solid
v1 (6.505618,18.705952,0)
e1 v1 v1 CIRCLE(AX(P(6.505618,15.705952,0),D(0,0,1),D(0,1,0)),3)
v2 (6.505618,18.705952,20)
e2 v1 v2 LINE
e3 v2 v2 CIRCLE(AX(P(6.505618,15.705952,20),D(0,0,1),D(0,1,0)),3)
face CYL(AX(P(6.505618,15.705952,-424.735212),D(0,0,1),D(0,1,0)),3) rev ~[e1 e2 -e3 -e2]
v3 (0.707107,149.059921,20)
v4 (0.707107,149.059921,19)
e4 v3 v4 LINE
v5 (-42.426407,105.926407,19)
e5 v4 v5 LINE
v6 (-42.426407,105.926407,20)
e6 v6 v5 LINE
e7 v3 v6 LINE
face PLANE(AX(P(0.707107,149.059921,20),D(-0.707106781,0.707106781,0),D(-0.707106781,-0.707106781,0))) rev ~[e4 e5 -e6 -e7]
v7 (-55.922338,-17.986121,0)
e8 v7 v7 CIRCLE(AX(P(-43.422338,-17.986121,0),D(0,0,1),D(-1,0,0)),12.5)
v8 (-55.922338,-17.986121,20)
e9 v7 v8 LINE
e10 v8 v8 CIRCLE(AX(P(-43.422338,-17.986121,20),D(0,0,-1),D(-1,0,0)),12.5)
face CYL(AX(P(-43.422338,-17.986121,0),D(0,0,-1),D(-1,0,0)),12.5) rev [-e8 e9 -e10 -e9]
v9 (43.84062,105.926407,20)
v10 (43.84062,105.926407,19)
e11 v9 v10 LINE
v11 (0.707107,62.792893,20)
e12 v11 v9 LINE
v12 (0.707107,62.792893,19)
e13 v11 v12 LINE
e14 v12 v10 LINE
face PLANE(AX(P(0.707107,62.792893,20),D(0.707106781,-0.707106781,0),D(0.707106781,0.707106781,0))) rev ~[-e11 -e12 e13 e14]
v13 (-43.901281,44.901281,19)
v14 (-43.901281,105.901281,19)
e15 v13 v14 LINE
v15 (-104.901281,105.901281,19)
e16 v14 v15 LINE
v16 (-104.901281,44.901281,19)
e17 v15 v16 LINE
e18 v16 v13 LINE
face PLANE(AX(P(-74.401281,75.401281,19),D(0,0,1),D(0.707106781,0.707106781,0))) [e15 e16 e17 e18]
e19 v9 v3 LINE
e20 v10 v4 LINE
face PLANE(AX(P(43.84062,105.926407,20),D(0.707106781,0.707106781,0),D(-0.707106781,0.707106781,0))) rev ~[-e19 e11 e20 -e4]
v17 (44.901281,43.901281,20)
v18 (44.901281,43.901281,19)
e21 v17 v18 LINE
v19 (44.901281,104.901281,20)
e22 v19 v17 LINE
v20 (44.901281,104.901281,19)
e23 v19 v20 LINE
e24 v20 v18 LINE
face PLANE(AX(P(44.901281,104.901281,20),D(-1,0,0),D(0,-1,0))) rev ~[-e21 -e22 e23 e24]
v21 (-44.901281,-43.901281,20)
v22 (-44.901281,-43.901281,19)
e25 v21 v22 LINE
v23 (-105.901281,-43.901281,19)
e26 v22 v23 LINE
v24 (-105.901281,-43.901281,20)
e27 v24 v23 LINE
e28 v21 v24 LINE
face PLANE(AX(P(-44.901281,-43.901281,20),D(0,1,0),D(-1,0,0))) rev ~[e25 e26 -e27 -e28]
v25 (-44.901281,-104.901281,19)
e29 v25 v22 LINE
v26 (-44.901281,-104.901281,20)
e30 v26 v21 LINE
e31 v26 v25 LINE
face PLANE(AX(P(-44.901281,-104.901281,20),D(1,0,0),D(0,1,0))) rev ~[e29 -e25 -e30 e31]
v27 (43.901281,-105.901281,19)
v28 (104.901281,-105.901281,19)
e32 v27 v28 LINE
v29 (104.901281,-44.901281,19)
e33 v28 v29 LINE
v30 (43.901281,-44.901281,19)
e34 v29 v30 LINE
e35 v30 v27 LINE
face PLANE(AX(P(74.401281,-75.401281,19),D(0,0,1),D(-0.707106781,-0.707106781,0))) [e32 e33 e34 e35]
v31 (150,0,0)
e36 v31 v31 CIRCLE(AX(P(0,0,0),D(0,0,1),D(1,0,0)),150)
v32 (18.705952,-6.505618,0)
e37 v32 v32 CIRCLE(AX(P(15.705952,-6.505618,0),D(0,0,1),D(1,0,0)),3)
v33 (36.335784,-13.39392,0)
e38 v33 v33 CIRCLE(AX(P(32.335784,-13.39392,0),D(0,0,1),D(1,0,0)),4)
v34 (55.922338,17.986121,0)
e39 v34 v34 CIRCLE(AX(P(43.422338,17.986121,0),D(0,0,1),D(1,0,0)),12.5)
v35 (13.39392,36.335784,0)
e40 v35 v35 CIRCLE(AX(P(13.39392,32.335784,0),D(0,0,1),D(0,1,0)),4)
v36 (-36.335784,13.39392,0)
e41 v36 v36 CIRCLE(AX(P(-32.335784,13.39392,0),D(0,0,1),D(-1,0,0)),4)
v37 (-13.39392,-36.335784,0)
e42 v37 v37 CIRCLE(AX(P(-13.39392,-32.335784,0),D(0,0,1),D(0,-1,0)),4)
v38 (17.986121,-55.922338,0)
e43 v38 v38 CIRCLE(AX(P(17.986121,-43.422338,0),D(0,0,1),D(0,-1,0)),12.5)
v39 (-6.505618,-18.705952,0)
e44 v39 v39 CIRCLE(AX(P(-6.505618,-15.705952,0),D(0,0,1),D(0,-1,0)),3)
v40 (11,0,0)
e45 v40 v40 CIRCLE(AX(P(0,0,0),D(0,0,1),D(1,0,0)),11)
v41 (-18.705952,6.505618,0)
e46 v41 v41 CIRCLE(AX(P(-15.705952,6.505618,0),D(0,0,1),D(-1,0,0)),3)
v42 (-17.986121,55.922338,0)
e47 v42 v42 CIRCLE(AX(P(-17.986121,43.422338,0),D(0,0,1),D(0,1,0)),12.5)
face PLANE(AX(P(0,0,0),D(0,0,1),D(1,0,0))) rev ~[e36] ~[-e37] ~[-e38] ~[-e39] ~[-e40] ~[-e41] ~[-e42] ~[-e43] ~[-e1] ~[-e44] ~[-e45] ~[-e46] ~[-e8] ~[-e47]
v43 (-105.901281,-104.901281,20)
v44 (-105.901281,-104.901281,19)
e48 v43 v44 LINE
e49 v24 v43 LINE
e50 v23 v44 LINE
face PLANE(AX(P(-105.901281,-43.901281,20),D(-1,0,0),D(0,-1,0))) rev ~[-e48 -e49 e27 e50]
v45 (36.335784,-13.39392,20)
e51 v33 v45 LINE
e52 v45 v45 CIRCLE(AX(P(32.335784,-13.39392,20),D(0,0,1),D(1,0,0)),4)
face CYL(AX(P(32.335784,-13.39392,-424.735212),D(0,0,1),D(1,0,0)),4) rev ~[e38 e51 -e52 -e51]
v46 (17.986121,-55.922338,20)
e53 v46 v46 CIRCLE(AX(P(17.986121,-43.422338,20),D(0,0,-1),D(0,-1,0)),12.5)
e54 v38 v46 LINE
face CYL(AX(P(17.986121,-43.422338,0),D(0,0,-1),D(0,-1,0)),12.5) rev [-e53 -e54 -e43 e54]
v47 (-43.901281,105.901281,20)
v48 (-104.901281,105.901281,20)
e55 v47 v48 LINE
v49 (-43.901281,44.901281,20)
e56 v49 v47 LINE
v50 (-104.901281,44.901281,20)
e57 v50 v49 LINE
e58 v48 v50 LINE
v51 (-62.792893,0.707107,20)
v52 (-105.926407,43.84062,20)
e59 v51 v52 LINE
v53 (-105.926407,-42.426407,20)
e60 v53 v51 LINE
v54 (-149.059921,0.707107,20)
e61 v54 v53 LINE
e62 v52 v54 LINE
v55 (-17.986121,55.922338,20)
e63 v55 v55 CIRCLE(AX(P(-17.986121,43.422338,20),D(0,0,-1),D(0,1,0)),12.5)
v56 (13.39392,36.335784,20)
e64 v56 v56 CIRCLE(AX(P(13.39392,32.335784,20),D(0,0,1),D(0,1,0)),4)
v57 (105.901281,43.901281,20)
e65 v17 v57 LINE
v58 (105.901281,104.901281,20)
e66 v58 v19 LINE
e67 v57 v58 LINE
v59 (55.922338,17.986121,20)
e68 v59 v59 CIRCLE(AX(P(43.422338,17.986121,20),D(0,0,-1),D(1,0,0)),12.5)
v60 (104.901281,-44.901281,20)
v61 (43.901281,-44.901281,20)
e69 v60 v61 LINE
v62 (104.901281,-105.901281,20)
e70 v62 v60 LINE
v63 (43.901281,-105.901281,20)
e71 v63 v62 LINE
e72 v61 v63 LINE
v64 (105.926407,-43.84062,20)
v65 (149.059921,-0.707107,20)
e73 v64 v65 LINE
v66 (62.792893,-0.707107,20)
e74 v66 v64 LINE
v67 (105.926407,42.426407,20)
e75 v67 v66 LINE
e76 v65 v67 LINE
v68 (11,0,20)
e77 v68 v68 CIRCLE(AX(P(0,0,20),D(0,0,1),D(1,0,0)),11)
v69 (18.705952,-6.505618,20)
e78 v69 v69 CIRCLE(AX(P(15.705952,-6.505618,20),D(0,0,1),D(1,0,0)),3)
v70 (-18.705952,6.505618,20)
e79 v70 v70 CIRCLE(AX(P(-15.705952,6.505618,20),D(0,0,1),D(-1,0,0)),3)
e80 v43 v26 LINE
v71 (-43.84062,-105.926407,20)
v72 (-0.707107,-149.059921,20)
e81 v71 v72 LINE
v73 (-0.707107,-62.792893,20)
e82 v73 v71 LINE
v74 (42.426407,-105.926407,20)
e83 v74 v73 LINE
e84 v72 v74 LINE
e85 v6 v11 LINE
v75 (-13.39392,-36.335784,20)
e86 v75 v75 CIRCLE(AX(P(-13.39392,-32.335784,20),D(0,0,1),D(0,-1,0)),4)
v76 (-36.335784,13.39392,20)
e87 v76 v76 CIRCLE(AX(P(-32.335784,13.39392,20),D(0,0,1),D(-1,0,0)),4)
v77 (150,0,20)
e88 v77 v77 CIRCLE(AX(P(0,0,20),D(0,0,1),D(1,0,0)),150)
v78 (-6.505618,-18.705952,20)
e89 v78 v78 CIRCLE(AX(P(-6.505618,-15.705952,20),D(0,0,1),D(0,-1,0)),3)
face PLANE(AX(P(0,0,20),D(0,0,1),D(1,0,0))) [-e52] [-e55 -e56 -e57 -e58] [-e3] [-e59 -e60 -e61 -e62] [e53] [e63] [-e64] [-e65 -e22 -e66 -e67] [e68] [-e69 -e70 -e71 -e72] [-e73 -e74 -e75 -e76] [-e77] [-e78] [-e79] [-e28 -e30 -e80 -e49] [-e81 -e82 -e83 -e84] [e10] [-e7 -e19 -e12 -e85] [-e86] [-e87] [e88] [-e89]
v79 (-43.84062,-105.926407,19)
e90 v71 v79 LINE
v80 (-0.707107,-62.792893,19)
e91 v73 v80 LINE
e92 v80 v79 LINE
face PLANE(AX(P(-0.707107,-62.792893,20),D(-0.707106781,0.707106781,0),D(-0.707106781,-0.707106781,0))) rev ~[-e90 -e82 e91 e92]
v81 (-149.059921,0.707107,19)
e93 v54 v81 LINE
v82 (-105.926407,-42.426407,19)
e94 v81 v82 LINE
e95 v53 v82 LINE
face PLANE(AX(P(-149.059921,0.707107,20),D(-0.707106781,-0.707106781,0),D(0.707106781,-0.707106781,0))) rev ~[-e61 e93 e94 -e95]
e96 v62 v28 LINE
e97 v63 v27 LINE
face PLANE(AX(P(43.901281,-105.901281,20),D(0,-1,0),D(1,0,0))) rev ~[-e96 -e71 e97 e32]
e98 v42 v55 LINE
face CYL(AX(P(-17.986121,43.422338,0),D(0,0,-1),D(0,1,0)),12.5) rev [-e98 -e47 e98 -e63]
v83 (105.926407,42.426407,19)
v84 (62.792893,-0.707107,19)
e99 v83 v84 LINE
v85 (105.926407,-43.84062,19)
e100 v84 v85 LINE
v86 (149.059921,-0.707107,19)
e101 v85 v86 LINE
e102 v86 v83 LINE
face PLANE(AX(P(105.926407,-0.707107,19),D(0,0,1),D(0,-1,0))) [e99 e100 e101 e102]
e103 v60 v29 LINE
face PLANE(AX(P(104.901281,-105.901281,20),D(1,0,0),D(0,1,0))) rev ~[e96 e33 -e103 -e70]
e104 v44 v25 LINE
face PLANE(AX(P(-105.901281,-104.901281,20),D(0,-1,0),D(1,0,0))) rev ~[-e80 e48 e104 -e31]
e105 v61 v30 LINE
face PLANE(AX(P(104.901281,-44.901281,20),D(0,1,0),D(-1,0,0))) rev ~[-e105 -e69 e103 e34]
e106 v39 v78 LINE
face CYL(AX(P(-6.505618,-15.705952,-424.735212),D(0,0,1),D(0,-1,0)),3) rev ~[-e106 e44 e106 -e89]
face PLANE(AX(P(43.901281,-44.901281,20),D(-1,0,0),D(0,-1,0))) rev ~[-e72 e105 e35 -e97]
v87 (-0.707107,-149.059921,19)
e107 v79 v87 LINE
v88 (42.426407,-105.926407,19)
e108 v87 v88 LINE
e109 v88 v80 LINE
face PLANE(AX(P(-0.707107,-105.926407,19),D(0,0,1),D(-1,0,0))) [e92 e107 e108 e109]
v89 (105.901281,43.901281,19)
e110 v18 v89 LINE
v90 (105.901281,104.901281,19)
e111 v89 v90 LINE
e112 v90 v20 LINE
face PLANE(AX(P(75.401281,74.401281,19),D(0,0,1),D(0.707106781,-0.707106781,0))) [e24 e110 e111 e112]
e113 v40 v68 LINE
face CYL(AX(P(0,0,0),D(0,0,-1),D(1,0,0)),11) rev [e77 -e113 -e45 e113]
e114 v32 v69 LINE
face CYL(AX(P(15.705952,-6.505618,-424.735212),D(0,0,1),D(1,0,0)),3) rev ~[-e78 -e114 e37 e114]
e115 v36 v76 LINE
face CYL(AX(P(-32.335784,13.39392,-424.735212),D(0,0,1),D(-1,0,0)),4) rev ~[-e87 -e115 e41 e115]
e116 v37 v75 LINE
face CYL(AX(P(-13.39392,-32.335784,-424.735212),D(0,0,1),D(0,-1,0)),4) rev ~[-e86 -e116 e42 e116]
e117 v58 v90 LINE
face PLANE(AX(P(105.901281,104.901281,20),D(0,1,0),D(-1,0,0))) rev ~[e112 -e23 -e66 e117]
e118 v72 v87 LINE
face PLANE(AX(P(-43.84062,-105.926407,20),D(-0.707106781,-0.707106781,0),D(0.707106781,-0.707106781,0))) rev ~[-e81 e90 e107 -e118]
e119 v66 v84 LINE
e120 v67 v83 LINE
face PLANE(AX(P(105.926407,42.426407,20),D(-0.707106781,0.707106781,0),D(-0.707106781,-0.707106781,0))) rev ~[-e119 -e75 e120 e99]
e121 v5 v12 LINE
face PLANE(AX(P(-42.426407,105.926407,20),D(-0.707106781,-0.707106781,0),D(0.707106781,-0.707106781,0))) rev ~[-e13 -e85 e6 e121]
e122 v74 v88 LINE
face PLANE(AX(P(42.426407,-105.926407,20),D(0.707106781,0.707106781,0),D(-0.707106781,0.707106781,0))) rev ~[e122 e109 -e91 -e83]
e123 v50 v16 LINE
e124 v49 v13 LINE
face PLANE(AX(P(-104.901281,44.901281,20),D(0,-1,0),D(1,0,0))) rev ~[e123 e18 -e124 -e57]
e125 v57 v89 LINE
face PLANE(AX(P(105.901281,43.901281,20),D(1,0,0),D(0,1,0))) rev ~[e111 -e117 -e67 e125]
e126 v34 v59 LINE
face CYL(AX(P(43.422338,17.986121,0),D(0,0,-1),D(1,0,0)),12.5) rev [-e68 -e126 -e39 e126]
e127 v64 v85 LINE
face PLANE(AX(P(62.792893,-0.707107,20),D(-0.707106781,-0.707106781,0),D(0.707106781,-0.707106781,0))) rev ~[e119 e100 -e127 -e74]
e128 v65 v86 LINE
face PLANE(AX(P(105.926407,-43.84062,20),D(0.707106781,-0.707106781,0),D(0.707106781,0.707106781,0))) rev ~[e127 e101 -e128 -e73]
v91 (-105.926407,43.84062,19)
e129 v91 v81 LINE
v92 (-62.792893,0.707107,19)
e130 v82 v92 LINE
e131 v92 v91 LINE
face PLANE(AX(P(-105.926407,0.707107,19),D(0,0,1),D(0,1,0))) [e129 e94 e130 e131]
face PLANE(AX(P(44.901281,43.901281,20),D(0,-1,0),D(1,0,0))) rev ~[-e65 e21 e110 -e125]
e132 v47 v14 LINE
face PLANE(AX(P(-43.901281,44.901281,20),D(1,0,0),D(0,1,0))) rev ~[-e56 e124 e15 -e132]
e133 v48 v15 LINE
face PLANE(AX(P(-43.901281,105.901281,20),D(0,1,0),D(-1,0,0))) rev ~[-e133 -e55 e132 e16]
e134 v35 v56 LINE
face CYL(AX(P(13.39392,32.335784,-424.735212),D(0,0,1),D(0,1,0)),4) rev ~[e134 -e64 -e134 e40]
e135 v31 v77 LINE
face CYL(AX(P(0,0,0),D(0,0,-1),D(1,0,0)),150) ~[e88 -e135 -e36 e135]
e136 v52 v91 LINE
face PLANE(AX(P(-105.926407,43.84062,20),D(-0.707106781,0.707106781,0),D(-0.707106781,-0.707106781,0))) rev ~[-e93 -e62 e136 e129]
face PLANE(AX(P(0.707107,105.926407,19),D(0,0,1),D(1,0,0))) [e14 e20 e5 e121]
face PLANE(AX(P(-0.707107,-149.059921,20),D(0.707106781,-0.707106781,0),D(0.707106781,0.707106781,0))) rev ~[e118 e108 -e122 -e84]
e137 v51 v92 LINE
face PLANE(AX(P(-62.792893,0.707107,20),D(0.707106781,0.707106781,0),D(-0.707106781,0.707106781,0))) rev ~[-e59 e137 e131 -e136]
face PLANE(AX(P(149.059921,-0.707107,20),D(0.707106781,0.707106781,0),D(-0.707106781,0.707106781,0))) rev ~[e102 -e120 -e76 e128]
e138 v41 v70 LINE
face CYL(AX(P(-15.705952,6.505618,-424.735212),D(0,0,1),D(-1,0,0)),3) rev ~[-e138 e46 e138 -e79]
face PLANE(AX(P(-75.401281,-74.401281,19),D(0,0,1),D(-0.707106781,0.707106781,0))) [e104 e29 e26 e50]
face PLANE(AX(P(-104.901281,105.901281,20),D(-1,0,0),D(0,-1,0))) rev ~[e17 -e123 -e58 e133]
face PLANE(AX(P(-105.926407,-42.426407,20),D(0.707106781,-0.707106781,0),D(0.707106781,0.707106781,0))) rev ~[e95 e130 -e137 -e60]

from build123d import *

# Parameters (mm, degrees)
SKETCH1_R             = 150
SKETCH1_R_2           = 11
BOSS_EXTRUDE1_DEPTH   = 20
F_6_0MM_DOWEL_HOLE1_D = 6
F_8_0MM_DOWEL_HOLE1_D = 8
CIRPATTERN2_COUNT     = 4
CUT_EXTRUDE2_DEPTH    = 1
CIRPATTERN3_COUNT     = 8
SKETCH2_R             = 12.5
CUT_EXTRUDE4_DEPTH    = 214.072757527
CIRPATTERN4_COUNT     = 4


with BuildPart() as part:
    # Sketch1 → Boss-Extrude1 (new body)
    with BuildSketch(Plane.XY):
        Circle(SKETCH1_R)
        Circle(SKETCH1_R_2, mode=Mode.SUBTRACT)
    extrude(amount=BOSS_EXTRUDE1_DEPTH)

    # Ø6.0mm Dowel Hole1 (through all)
    with Locations(Plane(origin=(0, 0, 0), x_dir=(-1, 0, 0), z_dir=(0, 0, -1))):
        with Locations((-15.705952053, -6.50561835)):
            f_6_0mm_dowel_hole1 = Hole(F_6_0MM_DOWEL_HOLE1_D / 2)

    # Ø8.0mm Dowel Hole1 (through all)
    with Locations(Plane(origin=(0, 0, 0), x_dir=(-1, 0, 0), z_dir=(0, 0, -1))):
        with Locations((-32.335783638, -13.393920133)):
            f_8_0mm_dowel_hole1 = Hole(F_8_0MM_DOWEL_HOLE1_D / 2)

    # CirPattern2: Ø6.0mm Dowel Hole1, Ø8.0mm Dowel Hole1 ×4 about axis
    cirpattern2_axis = Axis((0, 0, 0), (0, 0, 1))
    add([f_6_0mm_dowel_hole1.rotate(cirpattern2_axis, i * 360 / CIRPATTERN2_COUNT) for i in range(1, CIRPATTERN2_COUNT)], mode=Mode.SUBTRACT)
    add([f_8_0mm_dowel_hole1.rotate(cirpattern2_axis, i * 360 / CIRPATTERN2_COUNT) for i in range(1, CIRPATTERN2_COUNT)], mode=Mode.SUBTRACT)

    # Sketch9 → Cut-Extrude2 (cut)
    with BuildSketch(Plane.XY.offset(20)):
        Polygon((-42.426406871, 105.926406871), (0.707106781, 62.792893219), (43.840620434, 105.926406871), (0.707106781, 149.059920524), align=None)
    cut_extrude2 = extrude(amount=-CUT_EXTRUDE2_DEPTH, mode=Mode.SUBTRACT)

    # CirPattern3: Cut-Extrude2 ×8 about axis
    cirpattern3_axis = Axis((0, 0, 0), (0, 0, 1))
    for i in range(1, CIRPATTERN3_COUNT):
        add(cut_extrude2.rotate(cirpattern3_axis, i * 360 / CIRPATTERN3_COUNT), mode=Mode.SUBTRACT)

    # Sketch2 → Cut-Extrude4 (cut, through all)
    with BuildSketch(Plane.XY):
        with Locations((43.422338028, 17.986121321)):
            Circle(SKETCH2_R)
    cut_extrude4 = extrude(amount=CUT_EXTRUDE4_DEPTH, mode=Mode.SUBTRACT)

    # CirPattern4: Cut-Extrude4 ×4 about axis
    cirpattern4_axis = Axis((0, 0, 0), (0, 0, 1))
    for i in range(1, CIRPATTERN4_COUNT):
        add(cut_extrude4.rotate(cirpattern4_axis, i * 360 / CIRPATTERN4_COUNT), mode=Mode.SUBTRACT)


solid = part.part
